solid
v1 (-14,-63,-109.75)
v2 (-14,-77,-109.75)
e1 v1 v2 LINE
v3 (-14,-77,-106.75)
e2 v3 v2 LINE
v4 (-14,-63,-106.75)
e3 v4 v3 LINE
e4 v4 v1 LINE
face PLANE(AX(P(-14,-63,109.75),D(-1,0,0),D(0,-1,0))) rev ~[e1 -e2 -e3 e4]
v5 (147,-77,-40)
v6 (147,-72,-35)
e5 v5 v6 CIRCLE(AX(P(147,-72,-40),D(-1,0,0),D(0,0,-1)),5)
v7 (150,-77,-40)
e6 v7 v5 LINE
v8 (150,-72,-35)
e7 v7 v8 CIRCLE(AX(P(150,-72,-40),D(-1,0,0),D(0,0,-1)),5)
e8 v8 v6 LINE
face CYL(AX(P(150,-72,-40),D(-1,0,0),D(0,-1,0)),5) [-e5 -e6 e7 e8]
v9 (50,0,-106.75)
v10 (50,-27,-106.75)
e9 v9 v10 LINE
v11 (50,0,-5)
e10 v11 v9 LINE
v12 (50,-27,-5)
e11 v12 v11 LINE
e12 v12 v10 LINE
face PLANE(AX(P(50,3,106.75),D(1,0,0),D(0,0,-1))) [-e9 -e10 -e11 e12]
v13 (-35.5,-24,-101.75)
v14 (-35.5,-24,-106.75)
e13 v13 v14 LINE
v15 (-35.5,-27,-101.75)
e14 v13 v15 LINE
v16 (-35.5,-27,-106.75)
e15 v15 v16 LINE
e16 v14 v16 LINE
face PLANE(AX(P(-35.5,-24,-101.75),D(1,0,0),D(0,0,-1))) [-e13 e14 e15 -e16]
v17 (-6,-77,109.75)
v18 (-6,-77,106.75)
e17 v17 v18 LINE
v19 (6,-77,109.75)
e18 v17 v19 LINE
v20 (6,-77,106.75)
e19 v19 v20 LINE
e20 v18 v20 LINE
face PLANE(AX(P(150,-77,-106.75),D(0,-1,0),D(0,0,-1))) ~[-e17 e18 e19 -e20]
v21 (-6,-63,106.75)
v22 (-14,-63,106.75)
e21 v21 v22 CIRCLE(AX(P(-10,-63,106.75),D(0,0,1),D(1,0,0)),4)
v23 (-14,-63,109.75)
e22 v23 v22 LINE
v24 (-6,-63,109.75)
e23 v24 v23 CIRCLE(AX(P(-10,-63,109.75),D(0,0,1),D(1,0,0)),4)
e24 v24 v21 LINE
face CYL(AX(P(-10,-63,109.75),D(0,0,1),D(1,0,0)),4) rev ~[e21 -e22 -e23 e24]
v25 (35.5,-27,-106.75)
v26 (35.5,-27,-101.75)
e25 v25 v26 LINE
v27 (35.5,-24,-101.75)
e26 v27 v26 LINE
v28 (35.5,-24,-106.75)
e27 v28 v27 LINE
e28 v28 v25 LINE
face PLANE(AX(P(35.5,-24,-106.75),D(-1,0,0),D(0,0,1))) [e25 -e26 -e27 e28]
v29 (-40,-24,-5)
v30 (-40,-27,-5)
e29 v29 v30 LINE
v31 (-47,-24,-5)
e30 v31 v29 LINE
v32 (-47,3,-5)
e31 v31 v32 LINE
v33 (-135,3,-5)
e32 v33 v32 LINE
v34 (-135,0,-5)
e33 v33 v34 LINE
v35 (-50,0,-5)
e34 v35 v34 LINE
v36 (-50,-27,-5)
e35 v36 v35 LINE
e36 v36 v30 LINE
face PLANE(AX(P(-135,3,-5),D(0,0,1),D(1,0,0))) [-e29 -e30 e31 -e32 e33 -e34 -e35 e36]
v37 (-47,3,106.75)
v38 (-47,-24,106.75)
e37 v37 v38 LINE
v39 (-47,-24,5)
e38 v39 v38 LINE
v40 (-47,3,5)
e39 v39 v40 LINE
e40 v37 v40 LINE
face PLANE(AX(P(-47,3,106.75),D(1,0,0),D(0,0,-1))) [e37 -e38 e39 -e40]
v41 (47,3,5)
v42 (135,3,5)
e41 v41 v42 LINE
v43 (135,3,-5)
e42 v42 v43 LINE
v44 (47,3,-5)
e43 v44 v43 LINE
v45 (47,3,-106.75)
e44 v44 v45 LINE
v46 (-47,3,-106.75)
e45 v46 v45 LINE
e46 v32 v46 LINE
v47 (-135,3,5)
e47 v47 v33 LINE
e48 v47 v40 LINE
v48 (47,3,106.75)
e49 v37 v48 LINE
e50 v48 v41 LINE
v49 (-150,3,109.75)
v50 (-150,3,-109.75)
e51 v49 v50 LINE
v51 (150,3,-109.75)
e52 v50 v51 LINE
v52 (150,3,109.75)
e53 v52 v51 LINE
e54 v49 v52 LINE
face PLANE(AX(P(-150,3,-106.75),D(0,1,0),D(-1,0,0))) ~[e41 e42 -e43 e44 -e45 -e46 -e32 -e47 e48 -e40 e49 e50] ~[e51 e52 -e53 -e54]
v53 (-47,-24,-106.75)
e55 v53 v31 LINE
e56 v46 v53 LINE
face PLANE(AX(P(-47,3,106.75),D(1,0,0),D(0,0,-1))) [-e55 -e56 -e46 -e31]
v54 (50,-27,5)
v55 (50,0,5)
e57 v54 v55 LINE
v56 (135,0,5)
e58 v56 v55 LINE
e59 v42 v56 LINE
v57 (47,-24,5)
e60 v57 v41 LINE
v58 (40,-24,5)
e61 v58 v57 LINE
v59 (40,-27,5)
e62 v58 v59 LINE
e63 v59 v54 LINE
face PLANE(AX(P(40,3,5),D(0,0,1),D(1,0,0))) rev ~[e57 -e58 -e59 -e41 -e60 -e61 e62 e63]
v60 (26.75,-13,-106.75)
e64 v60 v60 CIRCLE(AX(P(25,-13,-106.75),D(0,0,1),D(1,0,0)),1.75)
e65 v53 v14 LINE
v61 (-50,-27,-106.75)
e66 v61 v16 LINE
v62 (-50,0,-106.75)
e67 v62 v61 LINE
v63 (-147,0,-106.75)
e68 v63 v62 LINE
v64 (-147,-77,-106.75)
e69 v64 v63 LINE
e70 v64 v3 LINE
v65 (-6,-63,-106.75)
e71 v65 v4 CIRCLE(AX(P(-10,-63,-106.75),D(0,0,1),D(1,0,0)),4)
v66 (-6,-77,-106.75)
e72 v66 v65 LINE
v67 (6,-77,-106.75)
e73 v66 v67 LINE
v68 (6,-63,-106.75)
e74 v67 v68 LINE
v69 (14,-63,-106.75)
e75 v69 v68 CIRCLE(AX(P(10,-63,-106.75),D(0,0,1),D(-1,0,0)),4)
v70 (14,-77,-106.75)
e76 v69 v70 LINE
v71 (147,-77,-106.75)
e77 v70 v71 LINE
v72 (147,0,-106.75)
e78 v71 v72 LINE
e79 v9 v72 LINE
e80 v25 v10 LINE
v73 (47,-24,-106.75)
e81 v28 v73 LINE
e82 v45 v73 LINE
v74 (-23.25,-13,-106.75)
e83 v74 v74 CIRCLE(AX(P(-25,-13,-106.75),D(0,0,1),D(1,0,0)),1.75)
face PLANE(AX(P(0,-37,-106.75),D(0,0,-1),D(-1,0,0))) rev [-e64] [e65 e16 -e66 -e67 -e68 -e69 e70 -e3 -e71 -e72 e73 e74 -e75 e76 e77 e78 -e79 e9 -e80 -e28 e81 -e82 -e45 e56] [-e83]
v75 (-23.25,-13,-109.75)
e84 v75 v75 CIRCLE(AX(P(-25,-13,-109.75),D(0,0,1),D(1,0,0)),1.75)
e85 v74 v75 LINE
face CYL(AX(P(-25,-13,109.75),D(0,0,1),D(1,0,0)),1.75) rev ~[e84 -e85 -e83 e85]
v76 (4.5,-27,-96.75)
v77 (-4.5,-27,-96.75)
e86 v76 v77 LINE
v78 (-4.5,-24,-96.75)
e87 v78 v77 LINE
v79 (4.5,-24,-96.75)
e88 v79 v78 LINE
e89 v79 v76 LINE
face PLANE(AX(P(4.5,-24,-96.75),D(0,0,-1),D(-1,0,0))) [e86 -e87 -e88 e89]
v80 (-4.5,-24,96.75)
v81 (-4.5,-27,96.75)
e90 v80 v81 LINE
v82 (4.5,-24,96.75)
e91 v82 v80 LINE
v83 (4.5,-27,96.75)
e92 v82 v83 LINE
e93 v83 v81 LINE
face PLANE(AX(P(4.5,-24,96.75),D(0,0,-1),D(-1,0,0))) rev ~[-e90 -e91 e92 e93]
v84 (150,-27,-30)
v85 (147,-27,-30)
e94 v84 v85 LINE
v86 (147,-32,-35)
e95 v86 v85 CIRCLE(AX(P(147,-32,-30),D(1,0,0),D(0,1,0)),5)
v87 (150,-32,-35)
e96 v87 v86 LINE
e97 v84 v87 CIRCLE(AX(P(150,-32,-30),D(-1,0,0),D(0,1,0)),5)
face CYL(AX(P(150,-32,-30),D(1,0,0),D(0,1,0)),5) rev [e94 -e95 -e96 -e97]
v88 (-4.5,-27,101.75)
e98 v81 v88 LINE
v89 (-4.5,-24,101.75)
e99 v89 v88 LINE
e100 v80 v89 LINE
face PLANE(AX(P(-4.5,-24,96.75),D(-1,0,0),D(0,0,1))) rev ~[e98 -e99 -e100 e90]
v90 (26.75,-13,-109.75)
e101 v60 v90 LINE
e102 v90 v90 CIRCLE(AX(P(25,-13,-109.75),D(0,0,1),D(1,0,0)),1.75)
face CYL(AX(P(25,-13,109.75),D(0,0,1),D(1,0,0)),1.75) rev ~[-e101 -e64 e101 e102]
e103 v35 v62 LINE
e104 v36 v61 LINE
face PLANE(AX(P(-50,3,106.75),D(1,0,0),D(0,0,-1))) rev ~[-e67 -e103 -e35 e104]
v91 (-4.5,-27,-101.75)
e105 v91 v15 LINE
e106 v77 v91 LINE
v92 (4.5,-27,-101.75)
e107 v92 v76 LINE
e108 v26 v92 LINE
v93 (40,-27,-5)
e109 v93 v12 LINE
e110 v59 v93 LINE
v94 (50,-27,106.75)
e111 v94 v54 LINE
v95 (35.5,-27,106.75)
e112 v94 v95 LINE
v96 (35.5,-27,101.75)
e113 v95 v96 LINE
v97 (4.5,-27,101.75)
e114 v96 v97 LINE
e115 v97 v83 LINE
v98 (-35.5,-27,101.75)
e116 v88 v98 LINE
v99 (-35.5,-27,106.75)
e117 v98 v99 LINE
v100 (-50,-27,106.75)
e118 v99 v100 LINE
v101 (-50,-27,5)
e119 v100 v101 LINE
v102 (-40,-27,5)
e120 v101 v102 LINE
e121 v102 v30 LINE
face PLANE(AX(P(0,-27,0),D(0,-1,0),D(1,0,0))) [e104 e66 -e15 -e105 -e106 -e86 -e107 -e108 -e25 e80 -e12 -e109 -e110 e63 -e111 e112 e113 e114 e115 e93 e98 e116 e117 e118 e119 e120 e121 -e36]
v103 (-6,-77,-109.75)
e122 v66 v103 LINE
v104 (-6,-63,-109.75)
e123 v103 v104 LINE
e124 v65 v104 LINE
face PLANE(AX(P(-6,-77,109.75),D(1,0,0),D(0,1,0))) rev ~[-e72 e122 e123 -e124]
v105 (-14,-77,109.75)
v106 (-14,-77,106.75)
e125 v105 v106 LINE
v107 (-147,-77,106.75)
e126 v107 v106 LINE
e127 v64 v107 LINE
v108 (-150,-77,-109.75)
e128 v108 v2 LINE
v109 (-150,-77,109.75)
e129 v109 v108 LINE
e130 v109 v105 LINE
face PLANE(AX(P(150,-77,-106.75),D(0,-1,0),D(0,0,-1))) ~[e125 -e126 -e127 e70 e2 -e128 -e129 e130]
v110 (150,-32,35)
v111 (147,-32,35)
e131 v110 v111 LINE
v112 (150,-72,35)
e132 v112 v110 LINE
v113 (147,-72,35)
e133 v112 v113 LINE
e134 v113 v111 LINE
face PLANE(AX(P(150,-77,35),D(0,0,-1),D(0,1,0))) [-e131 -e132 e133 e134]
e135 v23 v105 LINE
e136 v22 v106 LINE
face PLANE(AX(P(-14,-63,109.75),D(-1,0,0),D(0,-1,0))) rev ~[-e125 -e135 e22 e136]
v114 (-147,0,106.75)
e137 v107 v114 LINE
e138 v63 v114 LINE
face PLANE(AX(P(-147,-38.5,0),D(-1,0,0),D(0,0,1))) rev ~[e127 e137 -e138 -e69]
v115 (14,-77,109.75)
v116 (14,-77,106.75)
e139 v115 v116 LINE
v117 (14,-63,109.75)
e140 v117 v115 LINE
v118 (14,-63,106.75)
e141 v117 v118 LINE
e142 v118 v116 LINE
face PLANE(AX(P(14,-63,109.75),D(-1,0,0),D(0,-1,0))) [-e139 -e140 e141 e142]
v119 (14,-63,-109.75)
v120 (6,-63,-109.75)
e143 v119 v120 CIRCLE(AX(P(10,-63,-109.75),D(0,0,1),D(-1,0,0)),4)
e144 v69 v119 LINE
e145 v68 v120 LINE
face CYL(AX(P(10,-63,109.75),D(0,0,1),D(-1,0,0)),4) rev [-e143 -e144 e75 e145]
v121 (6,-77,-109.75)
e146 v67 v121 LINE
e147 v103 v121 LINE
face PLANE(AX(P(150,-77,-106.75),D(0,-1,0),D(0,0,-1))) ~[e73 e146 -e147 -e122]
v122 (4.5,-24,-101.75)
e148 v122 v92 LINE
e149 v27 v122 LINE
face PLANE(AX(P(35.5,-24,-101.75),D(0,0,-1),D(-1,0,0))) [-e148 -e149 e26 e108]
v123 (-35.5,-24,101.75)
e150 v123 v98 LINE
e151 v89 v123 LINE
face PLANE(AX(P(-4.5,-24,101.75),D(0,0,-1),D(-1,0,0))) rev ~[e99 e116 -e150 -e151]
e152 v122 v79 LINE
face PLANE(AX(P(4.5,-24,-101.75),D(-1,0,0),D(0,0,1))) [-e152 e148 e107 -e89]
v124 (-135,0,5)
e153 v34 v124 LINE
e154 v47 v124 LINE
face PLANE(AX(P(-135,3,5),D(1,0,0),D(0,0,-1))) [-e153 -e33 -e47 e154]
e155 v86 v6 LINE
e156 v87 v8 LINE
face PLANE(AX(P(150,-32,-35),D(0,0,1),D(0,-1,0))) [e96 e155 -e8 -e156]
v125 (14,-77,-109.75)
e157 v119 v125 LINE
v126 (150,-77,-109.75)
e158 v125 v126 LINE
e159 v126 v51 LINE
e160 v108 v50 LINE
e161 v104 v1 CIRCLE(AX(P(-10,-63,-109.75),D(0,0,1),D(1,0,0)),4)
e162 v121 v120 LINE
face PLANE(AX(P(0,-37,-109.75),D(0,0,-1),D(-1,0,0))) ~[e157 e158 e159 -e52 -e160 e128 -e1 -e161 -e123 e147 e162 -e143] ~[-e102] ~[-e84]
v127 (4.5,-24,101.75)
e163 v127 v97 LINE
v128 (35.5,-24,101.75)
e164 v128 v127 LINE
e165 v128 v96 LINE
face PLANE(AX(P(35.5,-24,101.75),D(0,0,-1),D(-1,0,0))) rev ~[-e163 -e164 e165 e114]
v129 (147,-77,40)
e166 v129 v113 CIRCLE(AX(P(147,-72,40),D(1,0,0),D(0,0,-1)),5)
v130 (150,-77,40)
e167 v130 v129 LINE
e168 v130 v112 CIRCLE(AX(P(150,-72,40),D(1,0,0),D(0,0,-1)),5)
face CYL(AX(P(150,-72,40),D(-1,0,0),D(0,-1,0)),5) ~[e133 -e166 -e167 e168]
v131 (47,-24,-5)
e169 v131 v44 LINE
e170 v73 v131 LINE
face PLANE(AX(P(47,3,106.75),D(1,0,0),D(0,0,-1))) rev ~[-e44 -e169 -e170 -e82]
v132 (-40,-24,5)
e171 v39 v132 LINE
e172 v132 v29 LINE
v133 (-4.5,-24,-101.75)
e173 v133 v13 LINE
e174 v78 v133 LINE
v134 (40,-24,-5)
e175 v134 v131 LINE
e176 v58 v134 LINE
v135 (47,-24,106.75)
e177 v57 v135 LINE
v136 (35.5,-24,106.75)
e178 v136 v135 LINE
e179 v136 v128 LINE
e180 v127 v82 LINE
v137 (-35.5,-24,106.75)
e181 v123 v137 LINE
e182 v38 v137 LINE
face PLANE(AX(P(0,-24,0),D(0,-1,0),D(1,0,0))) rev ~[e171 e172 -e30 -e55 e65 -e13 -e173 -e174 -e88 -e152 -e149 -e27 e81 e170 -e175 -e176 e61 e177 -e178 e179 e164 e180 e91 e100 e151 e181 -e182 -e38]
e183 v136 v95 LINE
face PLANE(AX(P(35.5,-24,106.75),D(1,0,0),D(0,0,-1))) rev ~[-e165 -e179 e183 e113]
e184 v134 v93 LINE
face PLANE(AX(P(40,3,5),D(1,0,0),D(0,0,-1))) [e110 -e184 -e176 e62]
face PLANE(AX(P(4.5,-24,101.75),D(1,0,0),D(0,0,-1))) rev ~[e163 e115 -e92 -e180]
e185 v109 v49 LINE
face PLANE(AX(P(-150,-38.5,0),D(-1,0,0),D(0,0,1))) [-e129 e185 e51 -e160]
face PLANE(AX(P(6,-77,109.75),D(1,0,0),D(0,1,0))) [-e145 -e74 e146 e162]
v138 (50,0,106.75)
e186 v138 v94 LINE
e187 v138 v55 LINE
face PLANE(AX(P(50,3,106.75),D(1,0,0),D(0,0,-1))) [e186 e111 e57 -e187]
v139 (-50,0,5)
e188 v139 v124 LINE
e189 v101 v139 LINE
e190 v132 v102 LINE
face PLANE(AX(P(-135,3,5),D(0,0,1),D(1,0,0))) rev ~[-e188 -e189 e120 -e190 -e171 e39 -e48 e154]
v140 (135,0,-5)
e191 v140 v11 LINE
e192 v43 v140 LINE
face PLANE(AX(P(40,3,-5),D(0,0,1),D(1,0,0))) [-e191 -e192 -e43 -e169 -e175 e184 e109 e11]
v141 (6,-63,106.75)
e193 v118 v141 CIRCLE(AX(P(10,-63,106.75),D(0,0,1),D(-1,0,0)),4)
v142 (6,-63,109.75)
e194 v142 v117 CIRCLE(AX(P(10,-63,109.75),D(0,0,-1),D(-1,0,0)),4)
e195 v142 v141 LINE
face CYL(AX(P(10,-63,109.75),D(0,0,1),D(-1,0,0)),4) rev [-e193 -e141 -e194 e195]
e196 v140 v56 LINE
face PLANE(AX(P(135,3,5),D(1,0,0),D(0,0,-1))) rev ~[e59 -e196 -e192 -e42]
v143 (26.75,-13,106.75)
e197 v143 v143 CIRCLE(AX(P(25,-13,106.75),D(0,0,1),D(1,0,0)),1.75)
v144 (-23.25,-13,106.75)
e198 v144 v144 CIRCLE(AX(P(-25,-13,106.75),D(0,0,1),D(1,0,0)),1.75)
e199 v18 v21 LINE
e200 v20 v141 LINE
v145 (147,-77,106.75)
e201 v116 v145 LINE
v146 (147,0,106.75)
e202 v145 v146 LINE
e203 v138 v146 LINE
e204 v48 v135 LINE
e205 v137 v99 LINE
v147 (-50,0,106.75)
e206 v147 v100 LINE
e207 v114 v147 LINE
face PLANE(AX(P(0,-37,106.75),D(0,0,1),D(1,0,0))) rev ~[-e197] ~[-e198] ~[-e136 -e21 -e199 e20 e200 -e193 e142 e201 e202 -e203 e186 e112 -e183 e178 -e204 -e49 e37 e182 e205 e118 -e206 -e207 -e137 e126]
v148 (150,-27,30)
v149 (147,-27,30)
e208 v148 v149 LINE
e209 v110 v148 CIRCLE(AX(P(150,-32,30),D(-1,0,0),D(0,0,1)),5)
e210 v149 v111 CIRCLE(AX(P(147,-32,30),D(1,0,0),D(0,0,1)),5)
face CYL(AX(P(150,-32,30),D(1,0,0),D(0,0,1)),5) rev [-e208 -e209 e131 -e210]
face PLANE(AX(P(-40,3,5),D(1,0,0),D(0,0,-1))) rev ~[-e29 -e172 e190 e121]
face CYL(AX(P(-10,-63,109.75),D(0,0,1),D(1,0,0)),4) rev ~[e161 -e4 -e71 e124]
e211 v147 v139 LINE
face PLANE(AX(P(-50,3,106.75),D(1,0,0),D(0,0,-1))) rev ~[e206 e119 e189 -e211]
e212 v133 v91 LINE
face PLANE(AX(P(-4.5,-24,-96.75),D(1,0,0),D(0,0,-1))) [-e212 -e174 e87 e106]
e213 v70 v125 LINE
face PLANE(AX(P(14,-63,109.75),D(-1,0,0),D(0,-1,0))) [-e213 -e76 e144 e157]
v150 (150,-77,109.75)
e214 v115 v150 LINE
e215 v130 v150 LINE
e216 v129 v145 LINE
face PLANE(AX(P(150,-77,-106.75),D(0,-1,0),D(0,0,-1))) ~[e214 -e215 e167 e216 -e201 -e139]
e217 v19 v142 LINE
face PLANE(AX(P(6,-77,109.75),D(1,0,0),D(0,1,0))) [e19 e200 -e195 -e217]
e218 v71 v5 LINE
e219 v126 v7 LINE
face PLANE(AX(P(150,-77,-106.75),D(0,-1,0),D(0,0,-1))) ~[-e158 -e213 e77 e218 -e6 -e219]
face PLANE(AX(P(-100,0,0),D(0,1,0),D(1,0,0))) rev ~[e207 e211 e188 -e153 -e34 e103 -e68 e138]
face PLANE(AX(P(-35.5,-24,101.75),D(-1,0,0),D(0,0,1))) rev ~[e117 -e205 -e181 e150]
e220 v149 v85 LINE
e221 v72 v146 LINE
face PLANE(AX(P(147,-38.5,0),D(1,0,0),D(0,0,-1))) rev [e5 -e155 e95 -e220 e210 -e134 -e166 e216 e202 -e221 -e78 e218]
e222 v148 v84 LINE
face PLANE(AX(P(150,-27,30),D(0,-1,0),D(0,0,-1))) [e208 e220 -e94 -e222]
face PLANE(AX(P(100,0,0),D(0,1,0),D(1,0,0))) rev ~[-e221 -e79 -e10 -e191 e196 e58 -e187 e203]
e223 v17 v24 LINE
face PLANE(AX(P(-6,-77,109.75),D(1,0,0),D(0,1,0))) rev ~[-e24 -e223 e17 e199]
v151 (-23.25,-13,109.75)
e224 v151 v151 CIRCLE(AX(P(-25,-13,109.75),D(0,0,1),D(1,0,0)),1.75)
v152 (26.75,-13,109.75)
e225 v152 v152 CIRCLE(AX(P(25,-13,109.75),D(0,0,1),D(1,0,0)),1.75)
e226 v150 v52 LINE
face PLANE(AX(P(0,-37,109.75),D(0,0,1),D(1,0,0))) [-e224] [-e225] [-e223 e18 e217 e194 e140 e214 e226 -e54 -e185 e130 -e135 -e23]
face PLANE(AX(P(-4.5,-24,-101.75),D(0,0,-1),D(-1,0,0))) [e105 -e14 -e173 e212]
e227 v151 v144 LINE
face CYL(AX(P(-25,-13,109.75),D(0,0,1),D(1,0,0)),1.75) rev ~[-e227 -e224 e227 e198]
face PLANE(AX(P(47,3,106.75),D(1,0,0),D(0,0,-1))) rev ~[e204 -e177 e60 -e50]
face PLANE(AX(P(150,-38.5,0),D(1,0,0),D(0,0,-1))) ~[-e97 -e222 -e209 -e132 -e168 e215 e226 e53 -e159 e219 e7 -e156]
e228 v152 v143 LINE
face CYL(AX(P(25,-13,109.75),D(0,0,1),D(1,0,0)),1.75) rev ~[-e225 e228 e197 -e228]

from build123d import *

# Parameters (mm, degrees)
SKETCH1_W             = 100
SKETCH1_H             = 213.5
BOSS_EXTRUDE1_DEPTH   = 3
BOSS_EXTRUDE1_2_DEPTH = 3
SKETCH2_W             = 300
SKETCH2_H             = 80
BOSS_EXTRUDE2_DEPTH   = 3
SKETCH4_W             = 3
SKETCH4_H             = 213.5
BOSS_EXTRUDE4_DEPTH   = 30
SKETCH5_W             = 94
SKETCH5_H             = 213.5
BOSS_EXTRUDE5_DEPTH   = 3
CUT_EXTRUDE2_REACH    = 195.272
CUT_EXTRUDE1_REACH    = 204.349
SKETCH3_W             = 95
SKETCH3_H             = 10
SKETCH7_W             = 213.5
SKETCH7_H             = 77
BOSS_EXTRUDE6_DEPTH   = 3
SKETCH8_R             = 1.75
CUT_EXTRUDE3_DEPTH    = 277.783760362
CUT_EXTRUDE4_REACH    = 330.594
FILLET1_R             = 5


with BuildPart() as part:
    # Sketch1 → Boss-Extrude1 (new body)
    with BuildSketch(Plane(origin=(0, 0, 0), x_dir=(1, 0, 0), z_dir=(0, 1, 0))):
        with Locations((-100, 0)):
            Rectangle(SKETCH1_W, SKETCH1_H)
    extrude(amount=BOSS_EXTRUDE1_DEPTH)



with BuildPart() as body_2:
    # Sketch1 → Boss-Extrude1 2 (new body)
    with BuildSketch(Plane(origin=(0, 0, 0), x_dir=(1, 0, 0), z_dir=(0, 1, 0))):
        with Locations((100, 0)):
            Rectangle(SKETCH1_W, SKETCH1_H)
    extrude(amount=BOSS_EXTRUDE1_2_DEPTH)


with BuildPart() as part_1:
    add(part.part)

    add(body_2.part)  # Boss-Extrude2 merges body 2
    # Sketch2 → Boss-Extrude2 (add)
    with BuildSketch(Plane.XY.offset(106.75)):
        with Locations((0, -37)):
            Rectangle(SKETCH2_W, SKETCH2_H)
    boss_extrude2 = extrude(amount=BOSS_EXTRUDE2_DEPTH)

    # Mirror1: Boss-Extrude2 across plane
    add(boss_extrude2.mirror(Plane.XY))

    # Sketch4 → Boss-Extrude4 (add)
    with BuildSketch(Plane(origin=(0, 3, 0), x_dir=(1, 0, 0), z_dir=(0, 1, 0))):
        with Locations((-48.5, 0)):
            Rectangle(SKETCH4_W, SKETCH4_H)
        with Locations((48.5, 0)):
            Rectangle(SKETCH4_W, SKETCH4_H)
    extrude(amount=-BOSS_EXTRUDE4_DEPTH)

    # Sketch5 → Boss-Extrude5 (add)
    with BuildSketch(Plane.XZ.offset(27)):
        Rectangle(SKETCH5_W, SKETCH5_H)
    extrude(amount=-BOSS_EXTRUDE5_DEPTH)

    # Sketch6 → Cut-Extrude2 (cut, up to next)
    with BuildSketch(Plane(origin=(0, -24, 0), x_dir=(1, 0, 0), z_dir=(0, 1, 0)), mode=Mode.PRIVATE) as cut_extrude2_sk1:
        Polygon((-35.5, 106.75), (35.5, 106.75), (35.5, 101.75), (4.5, 101.75), (4.5, 96.75), (-4.5, 96.75), (-4.5, 101.75), (-35.5, 101.75), align=None)
    cut_extrude2_tool1 = extrude(cut_extrude2_sk1.sketch, amount=-CUT_EXTRUDE2_REACH, mode=Mode.PRIVATE) & part_1.part
    # Sketch6 → Cut-Extrude2 (cut, up to next)
    with BuildSketch(Plane(origin=(0, -24, 0), x_dir=(1, 0, 0), z_dir=(0, 1, 0)), mode=Mode.PRIVATE) as cut_extrude2_sk2:
        Polygon((-35.5, -106.75), (35.5, -106.75), (35.5, -101.75), (4.5, -101.75), (4.5, -96.75), (-4.5, -96.75), (-4.5, -101.75), (-35.5, -101.75), align=None)
    cut_extrude2_tool2 = extrude(cut_extrude2_sk2.sketch, amount=-CUT_EXTRUDE2_REACH, mode=Mode.PRIVATE) & part_1.part
    add(cut_extrude2_tool1.solids().sort_by_distance((0, -24, -103.6875))[0], mode=Mode.SUBTRACT)
    add(cut_extrude2_tool2.solids().sort_by_distance((0, -24, 103.6875))[0], mode=Mode.SUBTRACT)

    # Sketch3 → Cut-Extrude1 (cut, up to next)
    with BuildSketch(Plane(origin=(0, 3, 0), x_dir=(1, 0, 0), z_dir=(0, 1, 0)), mode=Mode.PRIVATE) as cut_extrude1_sk1:
        with Locations((-87.5, 0)):
            Rectangle(SKETCH3_W, SKETCH3_H)
    cut_extrude1_tool1 = extrude(cut_extrude1_sk1.sketch, amount=-CUT_EXTRUDE1_REACH, mode=Mode.PRIVATE) & part_1.part
    # Sketch3 → Cut-Extrude1 (cut, up to next)
    with BuildSketch(Plane(origin=(0, 3, 0), x_dir=(1, 0, 0), z_dir=(0, 1, 0)), mode=Mode.PRIVATE) as cut_extrude1_sk2:
        with Locations((87.5, 0)):
            Rectangle(SKETCH3_W, SKETCH3_H)
    cut_extrude1_tool2 = extrude(cut_extrude1_sk2.sketch, amount=-CUT_EXTRUDE1_REACH, mode=Mode.PRIVATE) & part_1.part
    add(cut_extrude1_tool1.solids().sort_by_distance((-87.5, 3, 0))[0], mode=Mode.SUBTRACT)
    add(cut_extrude1_tool2.solids().sort_by_distance((87.5, 3, 0))[0], mode=Mode.SUBTRACT)

    # Sketch7 → Boss-Extrude6 (add)
    with BuildSketch(Plane.ZY.offset(150)):
        with Locations((0, -38.5)):
            Rectangle(SKETCH7_W, SKETCH7_H)
    boss_extrude6 = extrude(amount=-BOSS_EXTRUDE6_DEPTH)

    # Mirror2: Boss-Extrude6 across plane
    add(boss_extrude6.mirror(Plane(origin=(0, 0, 0), x_dir=(0, 0, 1), z_dir=(1, 0, 0))))

    # Sketch8 → Cut-Extrude3 (cut, through all)
    with BuildSketch(Plane.XY.offset(109.75)):
        with Locations((-25, -13)):
            Circle(SKETCH8_R)
        with Locations((25, -13)):
            Circle(SKETCH8_R)
        with BuildLine():
            Line((-14, -63), (-14, -77))
            Line((-14, -77), (-6, -77))
            Line((-6, -77), (-6, -63))
            ThreePointArc((-6, -63), (-10, -59), (-14, -63))
        make_face()
        with BuildLine():
            Line((14, -63), (14, -77))
            Line((14, -77), (6, -77))
            Line((6, -77), (6, -63))
            ThreePointArc((6, -63), (10, -59), (14, -63))
        make_face()
    extrude(amount=-CUT_EXTRUDE3_DEPTH, mode=Mode.SUBTRACT)

    # Sketch10 → Cut-Extrude4 (cut, up to next)
    with BuildSketch(Plane(origin=(150, 0, 0), x_dir=(0, 0, -1), z_dir=(1, 0, 0)), mode=Mode.PRIVATE) as cut_extrude4_sk1:
        with BuildLine():
            Line((-30, -27), (30, -27))
            ThreePointArc((30, -27), (33.535533906, -28.464466094), (35, -32))
            Line((35, -32), (35, -77))
            Line((35, -77), (-35, -77))
            Line((-35, -77), (-35, -32))
            ThreePointArc((-35, -32), (-33.535533906, -28.464466094), (-30, -27))
        make_face()
    cut_extrude4_tool1 = extrude(cut_extrude4_sk1.sketch, amount=-CUT_EXTRUDE4_REACH, mode=Mode.PRIVATE) & part_1.part
    add(cut_extrude4_tool1.solids().sort_by_distance((150, -52.073445, 0))[0], mode=Mode.SUBTRACT)

    # Fillet1
    fillet1_edges = [part_1.edges().sort_by_distance(p)[0] for p in [
        (148.5, -77, 35),
        (148.5, -77, -35),
    ]]
    fillet(fillet1_edges, radius=FILLET1_R)


solid = part_1.part
